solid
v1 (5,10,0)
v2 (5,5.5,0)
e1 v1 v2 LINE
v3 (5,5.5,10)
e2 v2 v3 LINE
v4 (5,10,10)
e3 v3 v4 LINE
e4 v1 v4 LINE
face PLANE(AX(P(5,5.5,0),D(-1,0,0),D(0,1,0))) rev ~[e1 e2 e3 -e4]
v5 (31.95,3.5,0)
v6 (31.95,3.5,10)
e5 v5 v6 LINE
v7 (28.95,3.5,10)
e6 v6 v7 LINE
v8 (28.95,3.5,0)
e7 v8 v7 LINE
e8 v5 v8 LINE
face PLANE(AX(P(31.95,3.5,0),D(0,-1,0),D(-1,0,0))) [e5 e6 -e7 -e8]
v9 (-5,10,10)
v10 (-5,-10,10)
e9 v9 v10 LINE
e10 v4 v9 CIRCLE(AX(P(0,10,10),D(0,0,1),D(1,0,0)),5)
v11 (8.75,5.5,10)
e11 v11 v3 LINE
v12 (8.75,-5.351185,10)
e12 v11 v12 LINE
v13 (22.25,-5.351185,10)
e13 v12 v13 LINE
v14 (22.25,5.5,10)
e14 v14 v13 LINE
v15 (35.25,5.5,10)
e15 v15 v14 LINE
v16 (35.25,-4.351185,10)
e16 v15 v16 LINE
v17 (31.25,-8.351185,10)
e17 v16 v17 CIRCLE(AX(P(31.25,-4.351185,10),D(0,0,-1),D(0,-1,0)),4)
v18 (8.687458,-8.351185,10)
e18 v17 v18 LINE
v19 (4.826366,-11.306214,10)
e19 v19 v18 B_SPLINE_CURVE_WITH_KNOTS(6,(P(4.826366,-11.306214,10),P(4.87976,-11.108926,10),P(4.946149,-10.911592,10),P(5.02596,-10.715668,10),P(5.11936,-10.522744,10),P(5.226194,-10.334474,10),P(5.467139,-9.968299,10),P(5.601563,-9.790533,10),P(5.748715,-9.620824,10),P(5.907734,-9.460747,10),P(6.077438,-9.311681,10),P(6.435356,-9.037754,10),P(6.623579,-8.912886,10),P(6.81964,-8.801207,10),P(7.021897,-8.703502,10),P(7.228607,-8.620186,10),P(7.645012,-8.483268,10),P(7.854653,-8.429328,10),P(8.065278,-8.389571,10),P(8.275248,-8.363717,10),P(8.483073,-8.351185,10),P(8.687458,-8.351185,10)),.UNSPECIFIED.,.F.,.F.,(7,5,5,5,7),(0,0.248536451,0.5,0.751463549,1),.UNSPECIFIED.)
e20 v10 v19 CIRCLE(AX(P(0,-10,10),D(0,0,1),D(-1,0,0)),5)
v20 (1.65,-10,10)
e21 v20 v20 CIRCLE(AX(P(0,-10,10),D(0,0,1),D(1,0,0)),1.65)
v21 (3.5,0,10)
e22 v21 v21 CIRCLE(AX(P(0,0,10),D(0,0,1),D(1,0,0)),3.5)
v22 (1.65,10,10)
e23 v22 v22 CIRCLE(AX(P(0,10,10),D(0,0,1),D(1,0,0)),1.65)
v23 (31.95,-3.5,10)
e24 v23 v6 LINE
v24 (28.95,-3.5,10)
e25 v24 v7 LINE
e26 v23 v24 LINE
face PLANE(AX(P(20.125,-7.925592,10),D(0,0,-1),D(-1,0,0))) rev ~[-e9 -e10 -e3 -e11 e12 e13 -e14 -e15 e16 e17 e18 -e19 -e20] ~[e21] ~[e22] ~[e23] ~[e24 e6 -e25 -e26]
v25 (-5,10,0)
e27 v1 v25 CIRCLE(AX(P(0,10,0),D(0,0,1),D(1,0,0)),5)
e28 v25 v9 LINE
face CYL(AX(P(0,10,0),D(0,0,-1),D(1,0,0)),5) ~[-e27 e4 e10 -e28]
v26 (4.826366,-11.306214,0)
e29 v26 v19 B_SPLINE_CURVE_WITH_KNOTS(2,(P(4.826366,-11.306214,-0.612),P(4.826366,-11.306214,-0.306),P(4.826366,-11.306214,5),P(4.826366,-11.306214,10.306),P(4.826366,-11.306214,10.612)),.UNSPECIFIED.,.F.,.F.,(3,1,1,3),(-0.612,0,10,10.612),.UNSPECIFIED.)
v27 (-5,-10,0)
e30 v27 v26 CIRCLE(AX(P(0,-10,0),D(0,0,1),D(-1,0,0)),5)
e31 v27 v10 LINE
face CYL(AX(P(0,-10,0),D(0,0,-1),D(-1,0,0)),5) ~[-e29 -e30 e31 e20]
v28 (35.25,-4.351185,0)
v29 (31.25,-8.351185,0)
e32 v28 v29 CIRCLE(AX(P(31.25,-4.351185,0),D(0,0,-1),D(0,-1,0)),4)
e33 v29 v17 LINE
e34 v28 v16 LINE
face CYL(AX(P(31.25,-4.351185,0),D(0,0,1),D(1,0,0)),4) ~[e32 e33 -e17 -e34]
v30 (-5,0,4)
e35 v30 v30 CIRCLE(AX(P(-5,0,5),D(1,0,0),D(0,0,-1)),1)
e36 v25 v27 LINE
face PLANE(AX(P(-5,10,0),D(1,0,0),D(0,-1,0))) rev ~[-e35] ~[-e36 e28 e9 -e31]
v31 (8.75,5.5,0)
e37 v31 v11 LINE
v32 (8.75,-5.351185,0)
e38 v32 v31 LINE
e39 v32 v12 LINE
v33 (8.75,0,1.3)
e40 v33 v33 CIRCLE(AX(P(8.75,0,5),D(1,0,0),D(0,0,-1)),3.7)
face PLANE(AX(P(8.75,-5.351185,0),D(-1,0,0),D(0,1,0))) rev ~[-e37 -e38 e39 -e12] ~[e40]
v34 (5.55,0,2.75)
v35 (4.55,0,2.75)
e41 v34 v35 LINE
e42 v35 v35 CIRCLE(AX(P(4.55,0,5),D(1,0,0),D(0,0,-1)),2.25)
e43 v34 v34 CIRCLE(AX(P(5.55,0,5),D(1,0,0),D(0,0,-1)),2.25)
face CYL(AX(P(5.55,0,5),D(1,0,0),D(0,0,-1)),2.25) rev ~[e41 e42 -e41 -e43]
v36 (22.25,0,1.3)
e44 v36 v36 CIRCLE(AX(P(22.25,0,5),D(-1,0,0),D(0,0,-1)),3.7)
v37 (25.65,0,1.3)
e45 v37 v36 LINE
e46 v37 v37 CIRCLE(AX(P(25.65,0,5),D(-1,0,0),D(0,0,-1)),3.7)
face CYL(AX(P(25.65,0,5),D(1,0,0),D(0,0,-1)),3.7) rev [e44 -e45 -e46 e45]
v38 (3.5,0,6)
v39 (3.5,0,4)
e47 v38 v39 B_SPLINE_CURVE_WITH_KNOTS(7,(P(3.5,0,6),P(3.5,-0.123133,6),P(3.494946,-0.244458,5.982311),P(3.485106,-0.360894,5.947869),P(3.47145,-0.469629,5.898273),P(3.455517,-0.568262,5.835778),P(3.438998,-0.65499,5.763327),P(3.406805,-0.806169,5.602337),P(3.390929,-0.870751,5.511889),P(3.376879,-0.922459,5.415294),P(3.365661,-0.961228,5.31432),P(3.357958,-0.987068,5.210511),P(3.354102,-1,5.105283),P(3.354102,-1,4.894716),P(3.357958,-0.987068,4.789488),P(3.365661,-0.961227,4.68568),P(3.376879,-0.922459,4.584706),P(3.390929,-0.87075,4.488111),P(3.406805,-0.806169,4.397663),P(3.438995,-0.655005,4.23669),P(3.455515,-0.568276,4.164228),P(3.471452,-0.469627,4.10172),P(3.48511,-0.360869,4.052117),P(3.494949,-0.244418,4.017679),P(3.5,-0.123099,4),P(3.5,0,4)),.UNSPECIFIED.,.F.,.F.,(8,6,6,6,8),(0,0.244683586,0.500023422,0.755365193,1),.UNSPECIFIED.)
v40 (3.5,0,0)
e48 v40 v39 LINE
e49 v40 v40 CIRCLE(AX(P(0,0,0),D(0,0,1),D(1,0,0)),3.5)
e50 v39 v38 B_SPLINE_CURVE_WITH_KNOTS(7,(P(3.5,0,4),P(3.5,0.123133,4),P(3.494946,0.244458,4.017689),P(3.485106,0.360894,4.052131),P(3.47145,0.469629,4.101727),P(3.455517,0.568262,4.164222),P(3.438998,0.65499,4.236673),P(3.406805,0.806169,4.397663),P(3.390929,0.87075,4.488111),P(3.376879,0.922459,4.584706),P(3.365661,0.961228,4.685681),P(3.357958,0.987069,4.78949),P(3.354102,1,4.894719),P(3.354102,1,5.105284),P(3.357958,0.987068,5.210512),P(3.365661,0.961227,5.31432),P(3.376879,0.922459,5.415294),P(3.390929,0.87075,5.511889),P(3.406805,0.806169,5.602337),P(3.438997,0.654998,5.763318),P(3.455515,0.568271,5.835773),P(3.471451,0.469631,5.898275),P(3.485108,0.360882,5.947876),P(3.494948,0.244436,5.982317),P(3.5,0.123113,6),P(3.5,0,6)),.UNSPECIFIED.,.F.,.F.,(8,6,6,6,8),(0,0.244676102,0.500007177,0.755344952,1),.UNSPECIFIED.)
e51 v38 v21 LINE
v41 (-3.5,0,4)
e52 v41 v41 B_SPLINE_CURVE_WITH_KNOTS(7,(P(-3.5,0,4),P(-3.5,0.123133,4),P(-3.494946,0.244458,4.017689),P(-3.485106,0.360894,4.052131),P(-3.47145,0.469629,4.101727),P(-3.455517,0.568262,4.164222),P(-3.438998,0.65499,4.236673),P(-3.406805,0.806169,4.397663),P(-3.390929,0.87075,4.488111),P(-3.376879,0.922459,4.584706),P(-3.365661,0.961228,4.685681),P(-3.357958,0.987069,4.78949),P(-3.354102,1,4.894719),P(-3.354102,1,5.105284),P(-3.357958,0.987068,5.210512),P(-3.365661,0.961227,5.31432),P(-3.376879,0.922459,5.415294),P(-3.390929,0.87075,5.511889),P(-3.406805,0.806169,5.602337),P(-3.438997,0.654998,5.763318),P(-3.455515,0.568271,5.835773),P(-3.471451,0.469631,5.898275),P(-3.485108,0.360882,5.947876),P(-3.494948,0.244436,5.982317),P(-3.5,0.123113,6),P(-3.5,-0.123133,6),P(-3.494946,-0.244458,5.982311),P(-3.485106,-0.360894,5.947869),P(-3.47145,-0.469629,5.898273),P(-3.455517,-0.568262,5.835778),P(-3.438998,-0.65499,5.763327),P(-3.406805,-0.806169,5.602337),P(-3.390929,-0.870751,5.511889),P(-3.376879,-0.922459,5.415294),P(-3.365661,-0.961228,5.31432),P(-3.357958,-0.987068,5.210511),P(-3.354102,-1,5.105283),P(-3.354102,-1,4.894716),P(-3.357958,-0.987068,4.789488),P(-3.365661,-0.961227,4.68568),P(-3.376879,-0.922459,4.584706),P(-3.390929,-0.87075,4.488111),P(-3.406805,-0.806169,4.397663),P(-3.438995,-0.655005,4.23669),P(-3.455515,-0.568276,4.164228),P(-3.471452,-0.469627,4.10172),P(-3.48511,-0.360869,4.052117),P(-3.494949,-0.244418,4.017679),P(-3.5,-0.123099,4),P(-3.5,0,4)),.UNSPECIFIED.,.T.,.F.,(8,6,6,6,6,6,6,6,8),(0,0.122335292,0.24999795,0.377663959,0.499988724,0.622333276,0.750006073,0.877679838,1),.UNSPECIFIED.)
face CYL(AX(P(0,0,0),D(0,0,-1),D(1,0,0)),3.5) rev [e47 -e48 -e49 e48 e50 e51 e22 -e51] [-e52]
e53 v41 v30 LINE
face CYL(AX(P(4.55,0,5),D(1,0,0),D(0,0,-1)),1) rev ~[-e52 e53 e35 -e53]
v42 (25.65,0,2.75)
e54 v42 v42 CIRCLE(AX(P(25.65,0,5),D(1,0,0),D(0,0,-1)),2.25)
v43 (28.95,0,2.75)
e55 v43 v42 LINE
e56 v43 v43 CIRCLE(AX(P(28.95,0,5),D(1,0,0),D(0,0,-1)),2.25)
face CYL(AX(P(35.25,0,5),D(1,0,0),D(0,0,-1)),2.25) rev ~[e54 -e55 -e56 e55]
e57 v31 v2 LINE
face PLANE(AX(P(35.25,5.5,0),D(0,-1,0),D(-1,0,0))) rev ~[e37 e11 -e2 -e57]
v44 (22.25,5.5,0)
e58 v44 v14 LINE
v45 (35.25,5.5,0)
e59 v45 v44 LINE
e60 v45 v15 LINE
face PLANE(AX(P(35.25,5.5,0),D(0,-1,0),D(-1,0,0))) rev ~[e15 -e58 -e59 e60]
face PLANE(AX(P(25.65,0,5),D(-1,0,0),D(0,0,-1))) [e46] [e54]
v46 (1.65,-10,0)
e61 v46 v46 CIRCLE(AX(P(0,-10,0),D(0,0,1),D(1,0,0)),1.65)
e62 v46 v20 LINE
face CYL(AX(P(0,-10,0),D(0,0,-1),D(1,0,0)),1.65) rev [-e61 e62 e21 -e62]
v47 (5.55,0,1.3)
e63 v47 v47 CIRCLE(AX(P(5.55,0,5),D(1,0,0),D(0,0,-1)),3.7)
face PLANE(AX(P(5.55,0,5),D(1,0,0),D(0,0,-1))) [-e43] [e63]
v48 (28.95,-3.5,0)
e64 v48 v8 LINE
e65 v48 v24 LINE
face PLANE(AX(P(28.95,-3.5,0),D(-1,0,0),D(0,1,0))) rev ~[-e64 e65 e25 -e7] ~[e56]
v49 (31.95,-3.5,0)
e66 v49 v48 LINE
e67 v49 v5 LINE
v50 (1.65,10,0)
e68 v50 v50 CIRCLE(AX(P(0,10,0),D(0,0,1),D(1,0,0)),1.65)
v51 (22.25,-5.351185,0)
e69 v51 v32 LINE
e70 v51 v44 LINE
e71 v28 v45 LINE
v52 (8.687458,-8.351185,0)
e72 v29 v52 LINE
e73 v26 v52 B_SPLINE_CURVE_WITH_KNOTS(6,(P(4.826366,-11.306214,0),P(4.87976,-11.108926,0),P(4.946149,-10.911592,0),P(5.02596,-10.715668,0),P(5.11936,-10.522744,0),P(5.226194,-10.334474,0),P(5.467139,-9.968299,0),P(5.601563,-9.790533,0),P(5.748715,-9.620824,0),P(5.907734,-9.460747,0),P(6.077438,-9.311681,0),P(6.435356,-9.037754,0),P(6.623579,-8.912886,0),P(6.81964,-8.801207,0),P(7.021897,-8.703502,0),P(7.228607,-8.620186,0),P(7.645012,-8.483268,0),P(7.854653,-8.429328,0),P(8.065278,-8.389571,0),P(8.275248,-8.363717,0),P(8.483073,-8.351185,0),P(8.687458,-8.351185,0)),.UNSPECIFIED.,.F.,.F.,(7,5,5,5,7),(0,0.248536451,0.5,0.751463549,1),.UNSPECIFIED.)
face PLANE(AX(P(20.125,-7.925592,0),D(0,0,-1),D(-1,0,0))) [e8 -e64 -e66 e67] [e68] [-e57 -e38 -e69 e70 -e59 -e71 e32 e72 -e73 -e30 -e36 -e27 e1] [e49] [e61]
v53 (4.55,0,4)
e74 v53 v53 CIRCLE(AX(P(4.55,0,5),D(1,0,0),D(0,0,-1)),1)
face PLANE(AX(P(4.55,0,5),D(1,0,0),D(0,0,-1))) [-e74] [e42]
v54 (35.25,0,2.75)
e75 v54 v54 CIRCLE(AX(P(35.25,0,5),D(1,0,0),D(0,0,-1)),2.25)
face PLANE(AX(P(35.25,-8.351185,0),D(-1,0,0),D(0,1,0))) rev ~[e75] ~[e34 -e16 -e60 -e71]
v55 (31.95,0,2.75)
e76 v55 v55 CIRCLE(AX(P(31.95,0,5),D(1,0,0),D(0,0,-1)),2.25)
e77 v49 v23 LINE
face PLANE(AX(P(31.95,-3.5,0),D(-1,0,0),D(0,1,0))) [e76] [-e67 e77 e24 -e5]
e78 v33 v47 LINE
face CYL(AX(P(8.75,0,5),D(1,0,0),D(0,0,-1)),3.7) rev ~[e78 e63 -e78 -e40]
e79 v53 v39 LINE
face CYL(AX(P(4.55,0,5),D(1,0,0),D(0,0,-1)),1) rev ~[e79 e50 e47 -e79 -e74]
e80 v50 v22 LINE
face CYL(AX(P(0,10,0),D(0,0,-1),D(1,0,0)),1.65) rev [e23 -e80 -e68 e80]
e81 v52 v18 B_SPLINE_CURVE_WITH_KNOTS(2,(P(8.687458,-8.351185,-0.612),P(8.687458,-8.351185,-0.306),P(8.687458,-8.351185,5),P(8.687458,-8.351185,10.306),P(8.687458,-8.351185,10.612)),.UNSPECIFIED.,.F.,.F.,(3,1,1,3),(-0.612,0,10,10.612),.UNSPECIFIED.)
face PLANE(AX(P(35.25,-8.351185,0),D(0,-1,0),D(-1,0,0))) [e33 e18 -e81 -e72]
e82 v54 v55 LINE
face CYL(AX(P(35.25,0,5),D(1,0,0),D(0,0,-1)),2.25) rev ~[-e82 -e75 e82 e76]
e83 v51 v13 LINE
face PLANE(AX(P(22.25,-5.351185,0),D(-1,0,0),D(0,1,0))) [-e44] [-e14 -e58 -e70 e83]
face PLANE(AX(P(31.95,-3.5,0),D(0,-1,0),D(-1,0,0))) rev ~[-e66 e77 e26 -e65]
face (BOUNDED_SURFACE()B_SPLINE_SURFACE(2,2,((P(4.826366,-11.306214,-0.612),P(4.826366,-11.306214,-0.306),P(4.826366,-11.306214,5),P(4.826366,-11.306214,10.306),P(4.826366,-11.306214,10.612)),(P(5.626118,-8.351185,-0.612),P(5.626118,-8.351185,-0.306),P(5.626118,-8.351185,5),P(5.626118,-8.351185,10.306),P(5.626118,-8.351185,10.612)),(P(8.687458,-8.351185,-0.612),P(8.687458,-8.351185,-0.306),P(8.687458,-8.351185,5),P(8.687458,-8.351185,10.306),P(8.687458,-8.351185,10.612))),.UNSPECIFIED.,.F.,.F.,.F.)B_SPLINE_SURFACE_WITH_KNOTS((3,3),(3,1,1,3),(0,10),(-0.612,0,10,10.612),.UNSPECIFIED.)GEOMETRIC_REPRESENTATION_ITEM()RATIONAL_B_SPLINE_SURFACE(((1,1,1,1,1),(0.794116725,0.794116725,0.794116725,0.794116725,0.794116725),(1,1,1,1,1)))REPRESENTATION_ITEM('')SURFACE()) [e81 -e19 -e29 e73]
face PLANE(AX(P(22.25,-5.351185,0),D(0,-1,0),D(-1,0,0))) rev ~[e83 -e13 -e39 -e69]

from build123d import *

# Parameters (mm, degrees)
ESQUISSE1_R          = 1.65
ESQUISSE1_R_2        = 3.5
SHAPE_DEPTH          = 10
ESQUISSE6_W          = 10
ESQUISSE6_H          = 15
MAINSHAPE_DEPTH      = 30.25
ESQUISSE10_W         = 13.5
ESQUISSE10_H         = 12.85118471
SPACEREMOVER_DEPTH   = 13
ESQUISSE11_R         = 2.25
AXE_DEPTH            = 16
ESQUISSE12_R         = 3.7
BEARINGBOTTOM_DEPTH  = 3.2
BEARINGTOP_START     = -3.4
ESQUISSE14_R         = 3.7
BEARINGTOP_DEPTH     = 3.4
ESQUISSE15_R         = 2.25
AXEEND_DEPTH         = 1
ESQUISSE16_W         = 3
ESQUISSE16_H         = 7
AXELOCKER_DEPTH      = 10
ESQUISSE17_W         = 30.25
ESQUISSE17_H         = 0.85118471
RENFORCMENT_DEPTH    = 10
ESQUISSE18_W         = 30.25
ESQUISSE18_H         = 2
MASSREMOVER_DEPTH    = 10
CONG_1_R             = 4
ESQUISSE19_R         = 1
REMOVER_HELPER_DEPTH = 10


with BuildPart() as part:
    # Esquisse1 → Shape (new body)
    with BuildSketch(Plane.XY):
        with BuildLine():
            ThreePointArc((5, 10), (0, 15), (-5, 10))
            Line((-5, 10), (-5, -10))
            ThreePointArc((-5, -10), (0, -15), (5, -10))
            Line((5, -10), (5, 10))
        make_face()
        with Locations((0, 10)):
            Circle(ESQUISSE1_R, mode=Mode.SUBTRACT)
        Circle(ESQUISSE1_R_2, mode=Mode.SUBTRACT)
        with Locations((0, -10)):
            Circle(ESQUISSE1_R, mode=Mode.SUBTRACT)
    extrude(amount=SHAPE_DEPTH)

    # Esquisse6 → MainShape (add)
    with BuildSketch(Plane(origin=(5, 0, 0), x_dir=(0, 0, -1), z_dir=(1, 0, 0))):
        with Locations((-5, 0)):
            Rectangle(ESQUISSE6_W, ESQUISSE6_H)
    extrude(amount=MAINSHAPE_DEPTH)

    # Esquisse10 → SpaceRemover (cut)
    with BuildSketch(Plane(origin=(0, 0, 0), x_dir=(-1, 0, 0), z_dir=(0, 0, -1))):
        with Locations((-15.5, 1.074407645)):
            Rectangle(ESQUISSE10_W, ESQUISSE10_H)
    extrude(amount=-SPACEREMOVER_DEPTH, mode=Mode.SUBTRACT)

    # Esquisse11 → Axe (cut)
    with BuildSketch(Plane(origin=(35.25, 0, 0), x_dir=(0, 0, -1), z_dir=(1, 0, 0))):
        with Locations((-5, 0)):
            Circle(ESQUISSE11_R)
    extrude(amount=-AXE_DEPTH, mode=Mode.SUBTRACT)

    # Esquisse12 → BearingBottom (cut)
    with BuildSketch(Plane(origin=(8.75, 0, 0), x_dir=(0, 0, -1), z_dir=(1, 0, 0))):
        with Locations((-5, 0)):
            Circle(ESQUISSE12_R)
    extrude(amount=-BEARINGBOTTOM_DEPTH, mode=Mode.SUBTRACT)

    # Esquisse14 → BearingTop (cut)
    with BuildSketch(Plane.ZY.offset(-22.25).offset(BEARINGTOP_START)):
        with Locations(Location((5, 0, 0), (0, 0, 180))):
            Circle(ESQUISSE14_R)
    extrude(amount=BEARINGTOP_DEPTH, mode=Mode.SUBTRACT)

    # Esquisse15 → AxeEnd (cut)
    with BuildSketch(Plane(origin=(5.55, 0, 0), x_dir=(0, 0, -1), z_dir=(1, 0, 0))):
        with Locations((-5, 0)):
            Circle(ESQUISSE15_R)
    extrude(amount=-AXEEND_DEPTH, mode=Mode.SUBTRACT)

    # Esquisse16 → AxeLocker (cut)
    with BuildSketch(Plane(origin=(0, 0, 0), x_dir=(-1, 0, 0), z_dir=(0, 0, -1))):
        with Locations((-30.45, 0)):
            Rectangle(ESQUISSE16_W, ESQUISSE16_H)
    extrude(amount=-AXELOCKER_DEPTH, mode=Mode.SUBTRACT)

    # Esquisse17 → Renforcment (add)
    with BuildSketch(Plane(origin=(0, 0, 0), x_dir=(-1, 0, 0), z_dir=(0, 0, -1))):
        with Locations((-20.125, -7.925592355)):
            Rectangle(ESQUISSE17_W, ESQUISSE17_H)
    extrude(amount=-RENFORCMENT_DEPTH)

    # Esquisse18 → MassRemover (cut)
    with BuildSketch(Plane(origin=(0, 0, 0), x_dir=(-1, 0, 0), z_dir=(0, 0, -1))):
        with Locations((-20.125, 6.5)):
            Rectangle(ESQUISSE18_W, ESQUISSE18_H)
    extrude(amount=-MASSREMOVER_DEPTH, mode=Mode.SUBTRACT)

    # Congé1
    cong_1_edges = [part.edges().sort_by_distance(p)[0] for p in [
        (35.25, -8.35118471, 5),
        (5, -8.35118471, 5),
    ]]
    fillet(cong_1_edges, radius=CONG_1_R)

    # Esquisse19 → Remover helper (cut)
    with BuildSketch(Plane(origin=(4.55, 0, 0), x_dir=(0, 0, -1), z_dir=(1, 0, 0))):
        with Locations((-5, 0)):
            Circle(ESQUISSE19_R)
    extrude(amount=-REMOVER_HELPER_DEPTH, mode=Mode.SUBTRACT)


solid = part.part
